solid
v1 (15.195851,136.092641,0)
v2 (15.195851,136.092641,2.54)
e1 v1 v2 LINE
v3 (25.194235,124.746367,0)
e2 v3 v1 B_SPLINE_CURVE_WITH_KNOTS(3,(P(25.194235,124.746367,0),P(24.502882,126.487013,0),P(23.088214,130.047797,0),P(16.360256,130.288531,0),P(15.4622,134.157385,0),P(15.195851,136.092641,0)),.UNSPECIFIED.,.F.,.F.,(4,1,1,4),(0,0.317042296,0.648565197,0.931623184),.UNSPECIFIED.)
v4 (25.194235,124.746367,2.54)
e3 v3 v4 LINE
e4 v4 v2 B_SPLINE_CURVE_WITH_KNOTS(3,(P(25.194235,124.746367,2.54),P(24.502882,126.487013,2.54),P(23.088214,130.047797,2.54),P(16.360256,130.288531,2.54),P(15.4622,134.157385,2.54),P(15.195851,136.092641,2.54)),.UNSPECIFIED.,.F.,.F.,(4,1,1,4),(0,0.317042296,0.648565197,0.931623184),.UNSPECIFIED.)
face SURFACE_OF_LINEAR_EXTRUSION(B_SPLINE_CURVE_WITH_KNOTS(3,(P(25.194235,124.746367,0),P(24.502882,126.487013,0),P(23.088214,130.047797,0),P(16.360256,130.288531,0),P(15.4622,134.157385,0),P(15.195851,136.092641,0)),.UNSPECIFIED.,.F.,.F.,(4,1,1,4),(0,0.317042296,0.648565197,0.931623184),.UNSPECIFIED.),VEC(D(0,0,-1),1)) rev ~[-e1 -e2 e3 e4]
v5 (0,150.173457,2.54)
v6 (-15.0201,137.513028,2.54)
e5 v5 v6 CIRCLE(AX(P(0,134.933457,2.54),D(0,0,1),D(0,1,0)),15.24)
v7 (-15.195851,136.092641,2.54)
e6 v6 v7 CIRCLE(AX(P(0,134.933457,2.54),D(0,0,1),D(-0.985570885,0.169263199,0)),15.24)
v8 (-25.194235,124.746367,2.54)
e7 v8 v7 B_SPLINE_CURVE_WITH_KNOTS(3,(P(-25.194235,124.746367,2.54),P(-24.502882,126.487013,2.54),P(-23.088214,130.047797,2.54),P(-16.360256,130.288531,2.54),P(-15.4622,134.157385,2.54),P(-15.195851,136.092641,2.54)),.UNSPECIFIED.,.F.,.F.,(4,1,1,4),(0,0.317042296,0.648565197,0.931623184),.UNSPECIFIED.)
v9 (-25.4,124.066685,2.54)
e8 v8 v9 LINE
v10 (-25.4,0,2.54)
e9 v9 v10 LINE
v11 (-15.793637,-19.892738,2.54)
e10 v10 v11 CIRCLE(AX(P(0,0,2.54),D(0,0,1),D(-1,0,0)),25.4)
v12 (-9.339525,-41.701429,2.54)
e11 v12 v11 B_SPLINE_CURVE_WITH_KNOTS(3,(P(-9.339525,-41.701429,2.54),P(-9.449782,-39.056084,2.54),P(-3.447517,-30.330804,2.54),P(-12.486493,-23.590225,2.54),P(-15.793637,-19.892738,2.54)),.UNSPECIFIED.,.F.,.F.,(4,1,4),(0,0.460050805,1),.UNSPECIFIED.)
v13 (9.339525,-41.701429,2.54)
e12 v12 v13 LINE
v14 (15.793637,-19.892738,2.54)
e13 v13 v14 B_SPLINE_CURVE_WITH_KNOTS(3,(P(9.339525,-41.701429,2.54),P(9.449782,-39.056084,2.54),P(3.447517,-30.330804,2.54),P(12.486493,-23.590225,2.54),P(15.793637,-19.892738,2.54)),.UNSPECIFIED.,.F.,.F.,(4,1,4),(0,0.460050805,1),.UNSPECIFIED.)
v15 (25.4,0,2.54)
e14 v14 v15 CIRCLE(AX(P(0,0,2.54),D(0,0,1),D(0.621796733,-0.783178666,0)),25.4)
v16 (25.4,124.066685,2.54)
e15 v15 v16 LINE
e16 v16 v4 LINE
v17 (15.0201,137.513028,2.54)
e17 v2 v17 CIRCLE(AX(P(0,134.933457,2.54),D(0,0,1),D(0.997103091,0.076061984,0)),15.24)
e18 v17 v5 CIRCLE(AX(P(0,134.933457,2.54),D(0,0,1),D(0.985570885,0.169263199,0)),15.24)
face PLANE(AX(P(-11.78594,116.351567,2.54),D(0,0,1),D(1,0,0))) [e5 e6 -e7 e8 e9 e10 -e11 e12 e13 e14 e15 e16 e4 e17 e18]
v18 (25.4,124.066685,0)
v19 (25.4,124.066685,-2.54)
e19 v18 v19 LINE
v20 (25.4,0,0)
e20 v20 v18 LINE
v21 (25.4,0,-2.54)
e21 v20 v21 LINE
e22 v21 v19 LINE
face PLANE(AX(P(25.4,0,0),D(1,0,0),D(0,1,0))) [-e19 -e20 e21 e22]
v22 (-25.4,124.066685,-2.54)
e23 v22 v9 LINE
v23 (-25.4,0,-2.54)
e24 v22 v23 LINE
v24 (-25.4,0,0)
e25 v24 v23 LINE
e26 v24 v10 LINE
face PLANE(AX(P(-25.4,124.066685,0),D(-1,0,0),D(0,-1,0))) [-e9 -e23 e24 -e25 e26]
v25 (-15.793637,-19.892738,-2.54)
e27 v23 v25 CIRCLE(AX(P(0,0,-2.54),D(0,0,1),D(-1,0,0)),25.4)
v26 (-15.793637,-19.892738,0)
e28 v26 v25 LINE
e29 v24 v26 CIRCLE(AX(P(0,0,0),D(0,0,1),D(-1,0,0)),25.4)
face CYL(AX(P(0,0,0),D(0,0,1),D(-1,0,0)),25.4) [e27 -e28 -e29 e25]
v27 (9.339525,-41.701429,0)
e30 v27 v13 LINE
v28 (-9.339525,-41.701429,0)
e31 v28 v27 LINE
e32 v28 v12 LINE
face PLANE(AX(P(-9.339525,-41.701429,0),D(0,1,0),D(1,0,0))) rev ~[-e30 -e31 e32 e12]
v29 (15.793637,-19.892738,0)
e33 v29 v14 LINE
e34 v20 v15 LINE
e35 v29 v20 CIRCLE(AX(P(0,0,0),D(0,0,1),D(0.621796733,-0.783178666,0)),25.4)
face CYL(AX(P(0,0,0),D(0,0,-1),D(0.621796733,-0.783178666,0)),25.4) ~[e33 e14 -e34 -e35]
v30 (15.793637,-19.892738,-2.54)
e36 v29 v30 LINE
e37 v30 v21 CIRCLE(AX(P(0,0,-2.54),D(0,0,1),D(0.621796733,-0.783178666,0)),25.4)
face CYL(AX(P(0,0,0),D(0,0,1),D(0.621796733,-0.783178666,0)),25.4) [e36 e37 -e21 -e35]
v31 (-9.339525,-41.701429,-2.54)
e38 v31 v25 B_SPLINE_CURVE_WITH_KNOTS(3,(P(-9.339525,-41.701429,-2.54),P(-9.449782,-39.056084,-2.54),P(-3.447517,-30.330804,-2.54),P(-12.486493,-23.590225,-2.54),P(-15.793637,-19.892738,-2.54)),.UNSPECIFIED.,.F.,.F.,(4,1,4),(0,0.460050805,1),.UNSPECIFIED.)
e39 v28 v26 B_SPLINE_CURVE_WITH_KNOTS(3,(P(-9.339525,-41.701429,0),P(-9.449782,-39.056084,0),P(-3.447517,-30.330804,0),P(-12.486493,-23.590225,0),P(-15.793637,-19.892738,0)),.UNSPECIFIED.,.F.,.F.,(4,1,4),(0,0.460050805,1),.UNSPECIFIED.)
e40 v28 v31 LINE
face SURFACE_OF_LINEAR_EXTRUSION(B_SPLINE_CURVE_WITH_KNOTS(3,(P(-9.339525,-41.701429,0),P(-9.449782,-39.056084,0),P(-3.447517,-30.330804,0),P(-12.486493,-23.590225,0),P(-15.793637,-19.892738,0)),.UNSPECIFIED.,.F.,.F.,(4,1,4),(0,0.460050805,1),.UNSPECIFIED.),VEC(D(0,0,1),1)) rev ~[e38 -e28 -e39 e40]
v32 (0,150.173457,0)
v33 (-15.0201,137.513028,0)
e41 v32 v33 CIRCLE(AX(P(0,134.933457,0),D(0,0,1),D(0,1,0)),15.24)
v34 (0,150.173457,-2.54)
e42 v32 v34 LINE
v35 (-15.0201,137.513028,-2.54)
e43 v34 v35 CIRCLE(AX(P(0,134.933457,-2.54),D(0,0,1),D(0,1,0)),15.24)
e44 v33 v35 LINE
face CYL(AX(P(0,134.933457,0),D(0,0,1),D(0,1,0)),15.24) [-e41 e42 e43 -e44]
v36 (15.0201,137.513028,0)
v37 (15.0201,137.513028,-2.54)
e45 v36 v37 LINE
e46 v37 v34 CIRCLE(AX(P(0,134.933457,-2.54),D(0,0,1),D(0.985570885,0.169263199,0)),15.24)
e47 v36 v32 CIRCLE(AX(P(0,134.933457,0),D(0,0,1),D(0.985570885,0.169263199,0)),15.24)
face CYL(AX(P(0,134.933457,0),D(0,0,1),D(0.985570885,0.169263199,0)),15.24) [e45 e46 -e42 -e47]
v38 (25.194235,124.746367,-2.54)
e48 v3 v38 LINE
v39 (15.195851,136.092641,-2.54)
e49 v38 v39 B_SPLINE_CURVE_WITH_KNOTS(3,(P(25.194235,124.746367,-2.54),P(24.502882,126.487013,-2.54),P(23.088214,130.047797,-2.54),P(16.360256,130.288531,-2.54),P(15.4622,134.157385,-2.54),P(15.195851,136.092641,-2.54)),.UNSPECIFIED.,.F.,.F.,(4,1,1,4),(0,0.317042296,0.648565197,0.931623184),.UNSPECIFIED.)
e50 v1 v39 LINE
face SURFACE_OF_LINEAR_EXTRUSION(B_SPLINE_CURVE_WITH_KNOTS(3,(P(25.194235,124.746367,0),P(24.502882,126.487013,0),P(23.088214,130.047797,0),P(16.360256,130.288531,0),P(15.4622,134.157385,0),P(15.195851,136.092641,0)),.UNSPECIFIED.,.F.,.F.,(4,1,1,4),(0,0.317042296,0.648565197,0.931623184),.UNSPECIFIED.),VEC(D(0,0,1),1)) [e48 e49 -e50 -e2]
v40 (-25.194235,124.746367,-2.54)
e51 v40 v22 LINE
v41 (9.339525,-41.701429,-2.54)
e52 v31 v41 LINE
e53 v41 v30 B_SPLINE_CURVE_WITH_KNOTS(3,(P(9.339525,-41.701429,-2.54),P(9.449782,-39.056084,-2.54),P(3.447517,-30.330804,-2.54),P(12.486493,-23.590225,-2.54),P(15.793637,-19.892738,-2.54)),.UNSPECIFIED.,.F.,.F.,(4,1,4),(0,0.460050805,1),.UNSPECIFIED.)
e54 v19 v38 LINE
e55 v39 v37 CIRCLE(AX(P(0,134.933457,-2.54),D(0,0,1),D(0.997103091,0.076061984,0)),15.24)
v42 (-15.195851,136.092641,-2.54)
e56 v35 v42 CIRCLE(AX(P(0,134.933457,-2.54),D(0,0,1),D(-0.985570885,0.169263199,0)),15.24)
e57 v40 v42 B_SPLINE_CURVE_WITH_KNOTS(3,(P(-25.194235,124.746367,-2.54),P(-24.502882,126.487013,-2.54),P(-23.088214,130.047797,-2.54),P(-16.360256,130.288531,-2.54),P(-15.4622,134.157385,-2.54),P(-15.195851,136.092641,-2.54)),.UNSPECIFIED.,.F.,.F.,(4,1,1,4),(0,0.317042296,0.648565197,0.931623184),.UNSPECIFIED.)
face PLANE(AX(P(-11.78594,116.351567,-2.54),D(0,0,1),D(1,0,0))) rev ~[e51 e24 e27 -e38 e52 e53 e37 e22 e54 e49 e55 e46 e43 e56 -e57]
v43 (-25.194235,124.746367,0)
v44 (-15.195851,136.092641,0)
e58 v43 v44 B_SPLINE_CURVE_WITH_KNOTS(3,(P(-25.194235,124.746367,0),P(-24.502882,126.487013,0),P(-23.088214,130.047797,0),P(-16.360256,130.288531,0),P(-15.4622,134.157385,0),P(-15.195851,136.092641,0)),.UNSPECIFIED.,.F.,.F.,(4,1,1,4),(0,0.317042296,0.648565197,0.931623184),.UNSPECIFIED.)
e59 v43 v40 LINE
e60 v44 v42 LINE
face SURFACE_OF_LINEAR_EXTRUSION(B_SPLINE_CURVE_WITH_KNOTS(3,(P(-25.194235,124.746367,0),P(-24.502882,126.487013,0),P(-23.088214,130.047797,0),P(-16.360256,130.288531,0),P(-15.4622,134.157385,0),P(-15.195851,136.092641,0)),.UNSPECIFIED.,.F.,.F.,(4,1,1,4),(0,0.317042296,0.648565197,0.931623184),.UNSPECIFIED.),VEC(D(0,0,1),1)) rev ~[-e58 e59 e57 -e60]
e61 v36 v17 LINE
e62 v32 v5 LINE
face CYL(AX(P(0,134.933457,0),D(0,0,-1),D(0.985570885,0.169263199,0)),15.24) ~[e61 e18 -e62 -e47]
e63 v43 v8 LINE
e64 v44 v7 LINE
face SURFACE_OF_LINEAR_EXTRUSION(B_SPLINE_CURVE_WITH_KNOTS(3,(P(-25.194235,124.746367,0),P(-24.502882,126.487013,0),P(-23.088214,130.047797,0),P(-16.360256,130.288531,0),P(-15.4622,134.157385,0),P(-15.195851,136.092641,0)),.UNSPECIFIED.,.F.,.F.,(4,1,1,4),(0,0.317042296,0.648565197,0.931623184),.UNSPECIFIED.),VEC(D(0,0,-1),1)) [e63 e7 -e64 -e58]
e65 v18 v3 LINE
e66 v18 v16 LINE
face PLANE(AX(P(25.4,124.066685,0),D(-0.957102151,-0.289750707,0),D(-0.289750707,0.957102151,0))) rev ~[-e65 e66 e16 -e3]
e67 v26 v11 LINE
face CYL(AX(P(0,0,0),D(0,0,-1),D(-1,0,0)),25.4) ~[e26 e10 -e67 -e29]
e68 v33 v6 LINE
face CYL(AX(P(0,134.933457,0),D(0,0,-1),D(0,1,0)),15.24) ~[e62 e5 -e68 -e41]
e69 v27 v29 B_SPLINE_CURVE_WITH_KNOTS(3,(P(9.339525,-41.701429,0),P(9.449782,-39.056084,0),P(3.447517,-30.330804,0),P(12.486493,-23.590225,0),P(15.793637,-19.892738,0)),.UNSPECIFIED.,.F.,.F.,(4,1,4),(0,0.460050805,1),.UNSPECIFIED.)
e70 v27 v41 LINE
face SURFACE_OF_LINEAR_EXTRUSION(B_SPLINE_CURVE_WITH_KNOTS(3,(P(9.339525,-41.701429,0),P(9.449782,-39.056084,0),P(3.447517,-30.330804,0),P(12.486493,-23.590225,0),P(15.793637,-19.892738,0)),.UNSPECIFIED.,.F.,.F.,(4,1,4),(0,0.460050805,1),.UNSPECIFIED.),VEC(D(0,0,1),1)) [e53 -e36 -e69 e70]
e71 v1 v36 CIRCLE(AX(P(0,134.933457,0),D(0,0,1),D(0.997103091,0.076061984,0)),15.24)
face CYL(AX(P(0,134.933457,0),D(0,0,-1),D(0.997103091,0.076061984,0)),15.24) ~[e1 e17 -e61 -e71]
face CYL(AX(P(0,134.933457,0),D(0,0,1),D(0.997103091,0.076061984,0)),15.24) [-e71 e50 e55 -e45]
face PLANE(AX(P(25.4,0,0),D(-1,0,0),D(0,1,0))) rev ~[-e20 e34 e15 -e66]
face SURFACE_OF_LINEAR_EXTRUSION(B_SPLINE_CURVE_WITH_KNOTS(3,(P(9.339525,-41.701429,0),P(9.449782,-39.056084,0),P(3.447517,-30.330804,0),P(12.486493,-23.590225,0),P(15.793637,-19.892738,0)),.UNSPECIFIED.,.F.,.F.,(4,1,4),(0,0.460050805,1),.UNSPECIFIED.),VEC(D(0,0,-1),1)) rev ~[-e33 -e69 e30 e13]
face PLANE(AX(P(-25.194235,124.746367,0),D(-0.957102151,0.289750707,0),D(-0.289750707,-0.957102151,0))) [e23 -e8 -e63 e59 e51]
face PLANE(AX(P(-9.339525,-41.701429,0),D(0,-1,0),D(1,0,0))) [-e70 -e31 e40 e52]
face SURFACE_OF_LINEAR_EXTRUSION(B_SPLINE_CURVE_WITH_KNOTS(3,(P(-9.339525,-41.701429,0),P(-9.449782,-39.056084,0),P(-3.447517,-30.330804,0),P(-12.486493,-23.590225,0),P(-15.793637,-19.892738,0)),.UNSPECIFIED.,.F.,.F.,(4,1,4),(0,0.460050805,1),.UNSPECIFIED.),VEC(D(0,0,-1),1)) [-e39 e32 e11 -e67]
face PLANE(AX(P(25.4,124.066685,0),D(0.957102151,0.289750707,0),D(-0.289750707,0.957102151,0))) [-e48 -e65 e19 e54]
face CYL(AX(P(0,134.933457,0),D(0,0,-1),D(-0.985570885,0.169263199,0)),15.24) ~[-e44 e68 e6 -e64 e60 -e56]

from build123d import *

# Parameters (mm, degrees)
F1_DEPTH = 2.54


with BuildPart() as f1:
    # F0 (on Top) → F1 (new body, symmetric)
    with BuildSketch(Plane.XY):
        with BuildLine():
            Line((-25.194235027, 124.7463666154), (-25.4, 124.0666854497))
            ThreePointArc((-25.4, 124.0666854497), (-17.9605122421, 106.1061732076), (0, 98.6666854497))
            Line((0, 98.6666854497), (0, 119.6934565528))
            ThreePointArc((0, 119.6934565528), (-11.178630816, 124.575087324), (-15.1958511108, 136.092641188))
            add(Edge.make_bspline(
                [(-25.194235027, 124.7463666154), (-24.5028815559, 126.4870131084), (-23.0882135498, 130.0477968311), (-16.3602558617, 130.2885305927), (-15.4622003113, 134.157385497), (-15.1958511108, 136.092641188)],
                knots=[0, 0, 0, 0, 0.3170422964, 0.6485651967, 0.9316231837, 0.9316231837, 0.9316231837, 0.9316231837], degree=3))
        make_face()
        with BuildLine():
            ThreePointArc((0, 98.6666854497), (-17.9605122421, 106.1061732076), (-25.4, 124.0666854497))
            Line((-25.4, 124.0666854497), (-25.4, 0))
            ThreePointArc((-25.4, 0), (-17.9605122421, 17.9605122421), (0, 25.4))
            Line((0, 25.4), (0, 98.6666854497))
        make_face()
        with BuildLine():
            Line((0, 119.6934565528), (0, 98.6666854497))
            ThreePointArc((0, 98.6666854497), (17.9605122421, 106.1061732076), (25.4, 124.0666854497))
            Line((25.4, 124.0666854497), (25.194235027, 124.7463666154))
            add(Edge.make_bspline(
                [(25.194235027, 124.7463666154), (24.5028815559, 126.4870131084), (23.0882135498, 130.0477968311), (16.3602558617, 130.2885305927), (15.4622003113, 134.1573854969), (15.1958511108, 136.092641188)],
                knots=[0, 0, 0, 0, 0.3170422964, 0.6485651967, 0.9316231837, 0.9316231837, 0.9316231837, 0.9316231837], degree=3))
            ThreePointArc((15.1958511108, 136.092641188), (15.2289587781, 135.5134690835), (15.24, 134.9334565528))
            ThreePointArc((15.24, 134.9334565528), (10.7763073453, 124.1571492075), (0, 119.6934565528))
        make_face()
        with BuildLine():
            ThreePointArc((25.4, 124.0666854497), (17.9605122421, 106.1061732076), (0, 98.6666854497))
            Line((0, 98.6666854497), (0, 25.4))
            ThreePointArc((0, 25.4), (17.9605122421, 17.9605122421), (25.4, 0))
            Line((25.4, 0), (25.4, 124.0666854497))
        make_face()
        with BuildLine():
            ThreePointArc((0, 25.4), (-17.9605122421, 17.9605122421), (-25.4, 0))
            ThreePointArc((-25.4, 0), (-22.8726734376, -11.0453976758), (-15.7936370223, -19.8927381124))
            ThreePointArc((-15.7936370223, -19.8927381124), (-8.3631468941, -23.9836980891), (0, -25.4))
            Line((0, -25.4), (0, 25.4))
        make_face()
        with BuildLine():
            ThreePointArc((25.4, 0), (17.9605122421, 17.9605122421), (0, 25.4))
            Line((0, 25.4), (0, -25.4))
            ThreePointArc((0, -25.4), (8.3631468941, -23.9836980891), (15.7936370223, -19.8927381124))
            ThreePointArc((15.7936370223, -19.8927381124), (22.8726734376, -11.0453976758), (25.4, 0))
        make_face()
        with BuildLine():
            Line((0, 150.1734565528), (0, 119.6934565528))
            ThreePointArc((0, 119.6934565528), (10.7763073453, 124.1571492075), (15.24, 134.9334565528))
            ThreePointArc((15.24, 134.9334565528), (15.2289587781, 135.5134690835), (15.1958511108, 136.092641188))
            add(Edge.make_bspline(
                [(15.1958511108, 136.092641188), (15.1315105474, 136.5601306387), (15.0757636417, 137.0365700135), (15.0201002889, 137.5130277017)],
                knots=[0.9316231837, 0.9316231837, 0.9316231837, 0.9316231837, 1, 1, 1, 1], degree=3))
            ThreePointArc((15.0201002889, 137.5130277017), (9.8220399024, 146.5861443181), (0, 150.1734565528))
        make_face()
        with BuildLine():
            ThreePointArc((-15.1958511108, 136.092641188), (-11.178630816, 124.575087324), (0, 119.6934565528))
            Line((0, 119.6934565528), (0, 150.1734565528))
            ThreePointArc((0, 150.1734565528), (-9.8220399024, 146.5861443181), (-15.0201002889, 137.5130277017))
            add(Edge.make_bspline(
                [(-15.1958511108, 136.092641188), (-15.1315105474, 136.5601306387), (-15.0757636417, 137.0365700135), (-15.0201002889, 137.5130277017)],
                knots=[0.9316231837, 0.9316231837, 0.9316231837, 0.9316231837, 1, 1, 1, 1], degree=3))
        make_face()
        with BuildLine():
            ThreePointArc((0, -25.4), (-8.3631468941, -23.9836980891), (-15.7936370223, -19.8927381124))
            add(Edge.make_bspline(
                [(-9.3395253643, -41.7014285922), (-9.449781817, -39.0560838147), (-3.4475168097, -30.3308044344), (-12.4864934959, -23.5902248246), (-15.7936370223, -19.8927381124)],
                knots=[0, 0, 0, 0, 0.4600508049, 1, 1, 1, 1], degree=3))
            Line((-9.3395253643, -41.7014285922), (0, -41.7014285922))
            Line((0, -41.7014285922), (0, -25.4))
        make_face()
        with BuildLine():
            ThreePointArc((-15.0201002889, 137.5130277017), (-15.124658813, 136.8048987216), (-15.1958511108, 136.092641188))
            add(Edge.make_bspline(
                [(-15.1958511108, 136.092641188), (-15.1315105474, 136.5601306387), (-15.0757636417, 137.0365700135), (-15.0201002889, 137.5130277017)],
                knots=[0.9316231837, 0.9316231837, 0.9316231837, 0.9316231837, 1, 1, 1, 1], degree=3))
        make_face()
        with BuildLine():
            ThreePointArc((15.7936370223, -19.8927381124), (8.3631468941, -23.9836980891), (0, -25.4))
            Line((0, -25.4), (0, -41.7014285922))
            Line((0, -41.7014285922), (9.3395253643, -41.7014285922))
            add(Edge.make_bspline(
                [(9.3395253643, -41.7014285922), (9.449781817, -39.0560838147), (3.4475168097, -30.3308044344), (12.4864934959, -23.5902248246), (15.7936370223, -19.8927381124)],
                knots=[0, 0, 0, 0, 0.4600508049, 1, 1, 1, 1], degree=3))
        make_face()
        with BuildLine():
            add(Edge.make_bspline(
                [(15.1958511108, 136.092641188), (15.1315105474, 136.5601306387), (15.0757636417, 137.0365700135), (15.0201002889, 137.5130277017)],
                knots=[0.9316231837, 0.9316231837, 0.9316231837, 0.9316231837, 1, 1, 1, 1], degree=3))
            ThreePointArc((15.1958511108, 136.092641188), (15.124658813, 136.8048987216), (15.0201002889, 137.5130277017))
        make_face()
    extrude(amount=F1_DEPTH, both=True)


solid = f1.part
